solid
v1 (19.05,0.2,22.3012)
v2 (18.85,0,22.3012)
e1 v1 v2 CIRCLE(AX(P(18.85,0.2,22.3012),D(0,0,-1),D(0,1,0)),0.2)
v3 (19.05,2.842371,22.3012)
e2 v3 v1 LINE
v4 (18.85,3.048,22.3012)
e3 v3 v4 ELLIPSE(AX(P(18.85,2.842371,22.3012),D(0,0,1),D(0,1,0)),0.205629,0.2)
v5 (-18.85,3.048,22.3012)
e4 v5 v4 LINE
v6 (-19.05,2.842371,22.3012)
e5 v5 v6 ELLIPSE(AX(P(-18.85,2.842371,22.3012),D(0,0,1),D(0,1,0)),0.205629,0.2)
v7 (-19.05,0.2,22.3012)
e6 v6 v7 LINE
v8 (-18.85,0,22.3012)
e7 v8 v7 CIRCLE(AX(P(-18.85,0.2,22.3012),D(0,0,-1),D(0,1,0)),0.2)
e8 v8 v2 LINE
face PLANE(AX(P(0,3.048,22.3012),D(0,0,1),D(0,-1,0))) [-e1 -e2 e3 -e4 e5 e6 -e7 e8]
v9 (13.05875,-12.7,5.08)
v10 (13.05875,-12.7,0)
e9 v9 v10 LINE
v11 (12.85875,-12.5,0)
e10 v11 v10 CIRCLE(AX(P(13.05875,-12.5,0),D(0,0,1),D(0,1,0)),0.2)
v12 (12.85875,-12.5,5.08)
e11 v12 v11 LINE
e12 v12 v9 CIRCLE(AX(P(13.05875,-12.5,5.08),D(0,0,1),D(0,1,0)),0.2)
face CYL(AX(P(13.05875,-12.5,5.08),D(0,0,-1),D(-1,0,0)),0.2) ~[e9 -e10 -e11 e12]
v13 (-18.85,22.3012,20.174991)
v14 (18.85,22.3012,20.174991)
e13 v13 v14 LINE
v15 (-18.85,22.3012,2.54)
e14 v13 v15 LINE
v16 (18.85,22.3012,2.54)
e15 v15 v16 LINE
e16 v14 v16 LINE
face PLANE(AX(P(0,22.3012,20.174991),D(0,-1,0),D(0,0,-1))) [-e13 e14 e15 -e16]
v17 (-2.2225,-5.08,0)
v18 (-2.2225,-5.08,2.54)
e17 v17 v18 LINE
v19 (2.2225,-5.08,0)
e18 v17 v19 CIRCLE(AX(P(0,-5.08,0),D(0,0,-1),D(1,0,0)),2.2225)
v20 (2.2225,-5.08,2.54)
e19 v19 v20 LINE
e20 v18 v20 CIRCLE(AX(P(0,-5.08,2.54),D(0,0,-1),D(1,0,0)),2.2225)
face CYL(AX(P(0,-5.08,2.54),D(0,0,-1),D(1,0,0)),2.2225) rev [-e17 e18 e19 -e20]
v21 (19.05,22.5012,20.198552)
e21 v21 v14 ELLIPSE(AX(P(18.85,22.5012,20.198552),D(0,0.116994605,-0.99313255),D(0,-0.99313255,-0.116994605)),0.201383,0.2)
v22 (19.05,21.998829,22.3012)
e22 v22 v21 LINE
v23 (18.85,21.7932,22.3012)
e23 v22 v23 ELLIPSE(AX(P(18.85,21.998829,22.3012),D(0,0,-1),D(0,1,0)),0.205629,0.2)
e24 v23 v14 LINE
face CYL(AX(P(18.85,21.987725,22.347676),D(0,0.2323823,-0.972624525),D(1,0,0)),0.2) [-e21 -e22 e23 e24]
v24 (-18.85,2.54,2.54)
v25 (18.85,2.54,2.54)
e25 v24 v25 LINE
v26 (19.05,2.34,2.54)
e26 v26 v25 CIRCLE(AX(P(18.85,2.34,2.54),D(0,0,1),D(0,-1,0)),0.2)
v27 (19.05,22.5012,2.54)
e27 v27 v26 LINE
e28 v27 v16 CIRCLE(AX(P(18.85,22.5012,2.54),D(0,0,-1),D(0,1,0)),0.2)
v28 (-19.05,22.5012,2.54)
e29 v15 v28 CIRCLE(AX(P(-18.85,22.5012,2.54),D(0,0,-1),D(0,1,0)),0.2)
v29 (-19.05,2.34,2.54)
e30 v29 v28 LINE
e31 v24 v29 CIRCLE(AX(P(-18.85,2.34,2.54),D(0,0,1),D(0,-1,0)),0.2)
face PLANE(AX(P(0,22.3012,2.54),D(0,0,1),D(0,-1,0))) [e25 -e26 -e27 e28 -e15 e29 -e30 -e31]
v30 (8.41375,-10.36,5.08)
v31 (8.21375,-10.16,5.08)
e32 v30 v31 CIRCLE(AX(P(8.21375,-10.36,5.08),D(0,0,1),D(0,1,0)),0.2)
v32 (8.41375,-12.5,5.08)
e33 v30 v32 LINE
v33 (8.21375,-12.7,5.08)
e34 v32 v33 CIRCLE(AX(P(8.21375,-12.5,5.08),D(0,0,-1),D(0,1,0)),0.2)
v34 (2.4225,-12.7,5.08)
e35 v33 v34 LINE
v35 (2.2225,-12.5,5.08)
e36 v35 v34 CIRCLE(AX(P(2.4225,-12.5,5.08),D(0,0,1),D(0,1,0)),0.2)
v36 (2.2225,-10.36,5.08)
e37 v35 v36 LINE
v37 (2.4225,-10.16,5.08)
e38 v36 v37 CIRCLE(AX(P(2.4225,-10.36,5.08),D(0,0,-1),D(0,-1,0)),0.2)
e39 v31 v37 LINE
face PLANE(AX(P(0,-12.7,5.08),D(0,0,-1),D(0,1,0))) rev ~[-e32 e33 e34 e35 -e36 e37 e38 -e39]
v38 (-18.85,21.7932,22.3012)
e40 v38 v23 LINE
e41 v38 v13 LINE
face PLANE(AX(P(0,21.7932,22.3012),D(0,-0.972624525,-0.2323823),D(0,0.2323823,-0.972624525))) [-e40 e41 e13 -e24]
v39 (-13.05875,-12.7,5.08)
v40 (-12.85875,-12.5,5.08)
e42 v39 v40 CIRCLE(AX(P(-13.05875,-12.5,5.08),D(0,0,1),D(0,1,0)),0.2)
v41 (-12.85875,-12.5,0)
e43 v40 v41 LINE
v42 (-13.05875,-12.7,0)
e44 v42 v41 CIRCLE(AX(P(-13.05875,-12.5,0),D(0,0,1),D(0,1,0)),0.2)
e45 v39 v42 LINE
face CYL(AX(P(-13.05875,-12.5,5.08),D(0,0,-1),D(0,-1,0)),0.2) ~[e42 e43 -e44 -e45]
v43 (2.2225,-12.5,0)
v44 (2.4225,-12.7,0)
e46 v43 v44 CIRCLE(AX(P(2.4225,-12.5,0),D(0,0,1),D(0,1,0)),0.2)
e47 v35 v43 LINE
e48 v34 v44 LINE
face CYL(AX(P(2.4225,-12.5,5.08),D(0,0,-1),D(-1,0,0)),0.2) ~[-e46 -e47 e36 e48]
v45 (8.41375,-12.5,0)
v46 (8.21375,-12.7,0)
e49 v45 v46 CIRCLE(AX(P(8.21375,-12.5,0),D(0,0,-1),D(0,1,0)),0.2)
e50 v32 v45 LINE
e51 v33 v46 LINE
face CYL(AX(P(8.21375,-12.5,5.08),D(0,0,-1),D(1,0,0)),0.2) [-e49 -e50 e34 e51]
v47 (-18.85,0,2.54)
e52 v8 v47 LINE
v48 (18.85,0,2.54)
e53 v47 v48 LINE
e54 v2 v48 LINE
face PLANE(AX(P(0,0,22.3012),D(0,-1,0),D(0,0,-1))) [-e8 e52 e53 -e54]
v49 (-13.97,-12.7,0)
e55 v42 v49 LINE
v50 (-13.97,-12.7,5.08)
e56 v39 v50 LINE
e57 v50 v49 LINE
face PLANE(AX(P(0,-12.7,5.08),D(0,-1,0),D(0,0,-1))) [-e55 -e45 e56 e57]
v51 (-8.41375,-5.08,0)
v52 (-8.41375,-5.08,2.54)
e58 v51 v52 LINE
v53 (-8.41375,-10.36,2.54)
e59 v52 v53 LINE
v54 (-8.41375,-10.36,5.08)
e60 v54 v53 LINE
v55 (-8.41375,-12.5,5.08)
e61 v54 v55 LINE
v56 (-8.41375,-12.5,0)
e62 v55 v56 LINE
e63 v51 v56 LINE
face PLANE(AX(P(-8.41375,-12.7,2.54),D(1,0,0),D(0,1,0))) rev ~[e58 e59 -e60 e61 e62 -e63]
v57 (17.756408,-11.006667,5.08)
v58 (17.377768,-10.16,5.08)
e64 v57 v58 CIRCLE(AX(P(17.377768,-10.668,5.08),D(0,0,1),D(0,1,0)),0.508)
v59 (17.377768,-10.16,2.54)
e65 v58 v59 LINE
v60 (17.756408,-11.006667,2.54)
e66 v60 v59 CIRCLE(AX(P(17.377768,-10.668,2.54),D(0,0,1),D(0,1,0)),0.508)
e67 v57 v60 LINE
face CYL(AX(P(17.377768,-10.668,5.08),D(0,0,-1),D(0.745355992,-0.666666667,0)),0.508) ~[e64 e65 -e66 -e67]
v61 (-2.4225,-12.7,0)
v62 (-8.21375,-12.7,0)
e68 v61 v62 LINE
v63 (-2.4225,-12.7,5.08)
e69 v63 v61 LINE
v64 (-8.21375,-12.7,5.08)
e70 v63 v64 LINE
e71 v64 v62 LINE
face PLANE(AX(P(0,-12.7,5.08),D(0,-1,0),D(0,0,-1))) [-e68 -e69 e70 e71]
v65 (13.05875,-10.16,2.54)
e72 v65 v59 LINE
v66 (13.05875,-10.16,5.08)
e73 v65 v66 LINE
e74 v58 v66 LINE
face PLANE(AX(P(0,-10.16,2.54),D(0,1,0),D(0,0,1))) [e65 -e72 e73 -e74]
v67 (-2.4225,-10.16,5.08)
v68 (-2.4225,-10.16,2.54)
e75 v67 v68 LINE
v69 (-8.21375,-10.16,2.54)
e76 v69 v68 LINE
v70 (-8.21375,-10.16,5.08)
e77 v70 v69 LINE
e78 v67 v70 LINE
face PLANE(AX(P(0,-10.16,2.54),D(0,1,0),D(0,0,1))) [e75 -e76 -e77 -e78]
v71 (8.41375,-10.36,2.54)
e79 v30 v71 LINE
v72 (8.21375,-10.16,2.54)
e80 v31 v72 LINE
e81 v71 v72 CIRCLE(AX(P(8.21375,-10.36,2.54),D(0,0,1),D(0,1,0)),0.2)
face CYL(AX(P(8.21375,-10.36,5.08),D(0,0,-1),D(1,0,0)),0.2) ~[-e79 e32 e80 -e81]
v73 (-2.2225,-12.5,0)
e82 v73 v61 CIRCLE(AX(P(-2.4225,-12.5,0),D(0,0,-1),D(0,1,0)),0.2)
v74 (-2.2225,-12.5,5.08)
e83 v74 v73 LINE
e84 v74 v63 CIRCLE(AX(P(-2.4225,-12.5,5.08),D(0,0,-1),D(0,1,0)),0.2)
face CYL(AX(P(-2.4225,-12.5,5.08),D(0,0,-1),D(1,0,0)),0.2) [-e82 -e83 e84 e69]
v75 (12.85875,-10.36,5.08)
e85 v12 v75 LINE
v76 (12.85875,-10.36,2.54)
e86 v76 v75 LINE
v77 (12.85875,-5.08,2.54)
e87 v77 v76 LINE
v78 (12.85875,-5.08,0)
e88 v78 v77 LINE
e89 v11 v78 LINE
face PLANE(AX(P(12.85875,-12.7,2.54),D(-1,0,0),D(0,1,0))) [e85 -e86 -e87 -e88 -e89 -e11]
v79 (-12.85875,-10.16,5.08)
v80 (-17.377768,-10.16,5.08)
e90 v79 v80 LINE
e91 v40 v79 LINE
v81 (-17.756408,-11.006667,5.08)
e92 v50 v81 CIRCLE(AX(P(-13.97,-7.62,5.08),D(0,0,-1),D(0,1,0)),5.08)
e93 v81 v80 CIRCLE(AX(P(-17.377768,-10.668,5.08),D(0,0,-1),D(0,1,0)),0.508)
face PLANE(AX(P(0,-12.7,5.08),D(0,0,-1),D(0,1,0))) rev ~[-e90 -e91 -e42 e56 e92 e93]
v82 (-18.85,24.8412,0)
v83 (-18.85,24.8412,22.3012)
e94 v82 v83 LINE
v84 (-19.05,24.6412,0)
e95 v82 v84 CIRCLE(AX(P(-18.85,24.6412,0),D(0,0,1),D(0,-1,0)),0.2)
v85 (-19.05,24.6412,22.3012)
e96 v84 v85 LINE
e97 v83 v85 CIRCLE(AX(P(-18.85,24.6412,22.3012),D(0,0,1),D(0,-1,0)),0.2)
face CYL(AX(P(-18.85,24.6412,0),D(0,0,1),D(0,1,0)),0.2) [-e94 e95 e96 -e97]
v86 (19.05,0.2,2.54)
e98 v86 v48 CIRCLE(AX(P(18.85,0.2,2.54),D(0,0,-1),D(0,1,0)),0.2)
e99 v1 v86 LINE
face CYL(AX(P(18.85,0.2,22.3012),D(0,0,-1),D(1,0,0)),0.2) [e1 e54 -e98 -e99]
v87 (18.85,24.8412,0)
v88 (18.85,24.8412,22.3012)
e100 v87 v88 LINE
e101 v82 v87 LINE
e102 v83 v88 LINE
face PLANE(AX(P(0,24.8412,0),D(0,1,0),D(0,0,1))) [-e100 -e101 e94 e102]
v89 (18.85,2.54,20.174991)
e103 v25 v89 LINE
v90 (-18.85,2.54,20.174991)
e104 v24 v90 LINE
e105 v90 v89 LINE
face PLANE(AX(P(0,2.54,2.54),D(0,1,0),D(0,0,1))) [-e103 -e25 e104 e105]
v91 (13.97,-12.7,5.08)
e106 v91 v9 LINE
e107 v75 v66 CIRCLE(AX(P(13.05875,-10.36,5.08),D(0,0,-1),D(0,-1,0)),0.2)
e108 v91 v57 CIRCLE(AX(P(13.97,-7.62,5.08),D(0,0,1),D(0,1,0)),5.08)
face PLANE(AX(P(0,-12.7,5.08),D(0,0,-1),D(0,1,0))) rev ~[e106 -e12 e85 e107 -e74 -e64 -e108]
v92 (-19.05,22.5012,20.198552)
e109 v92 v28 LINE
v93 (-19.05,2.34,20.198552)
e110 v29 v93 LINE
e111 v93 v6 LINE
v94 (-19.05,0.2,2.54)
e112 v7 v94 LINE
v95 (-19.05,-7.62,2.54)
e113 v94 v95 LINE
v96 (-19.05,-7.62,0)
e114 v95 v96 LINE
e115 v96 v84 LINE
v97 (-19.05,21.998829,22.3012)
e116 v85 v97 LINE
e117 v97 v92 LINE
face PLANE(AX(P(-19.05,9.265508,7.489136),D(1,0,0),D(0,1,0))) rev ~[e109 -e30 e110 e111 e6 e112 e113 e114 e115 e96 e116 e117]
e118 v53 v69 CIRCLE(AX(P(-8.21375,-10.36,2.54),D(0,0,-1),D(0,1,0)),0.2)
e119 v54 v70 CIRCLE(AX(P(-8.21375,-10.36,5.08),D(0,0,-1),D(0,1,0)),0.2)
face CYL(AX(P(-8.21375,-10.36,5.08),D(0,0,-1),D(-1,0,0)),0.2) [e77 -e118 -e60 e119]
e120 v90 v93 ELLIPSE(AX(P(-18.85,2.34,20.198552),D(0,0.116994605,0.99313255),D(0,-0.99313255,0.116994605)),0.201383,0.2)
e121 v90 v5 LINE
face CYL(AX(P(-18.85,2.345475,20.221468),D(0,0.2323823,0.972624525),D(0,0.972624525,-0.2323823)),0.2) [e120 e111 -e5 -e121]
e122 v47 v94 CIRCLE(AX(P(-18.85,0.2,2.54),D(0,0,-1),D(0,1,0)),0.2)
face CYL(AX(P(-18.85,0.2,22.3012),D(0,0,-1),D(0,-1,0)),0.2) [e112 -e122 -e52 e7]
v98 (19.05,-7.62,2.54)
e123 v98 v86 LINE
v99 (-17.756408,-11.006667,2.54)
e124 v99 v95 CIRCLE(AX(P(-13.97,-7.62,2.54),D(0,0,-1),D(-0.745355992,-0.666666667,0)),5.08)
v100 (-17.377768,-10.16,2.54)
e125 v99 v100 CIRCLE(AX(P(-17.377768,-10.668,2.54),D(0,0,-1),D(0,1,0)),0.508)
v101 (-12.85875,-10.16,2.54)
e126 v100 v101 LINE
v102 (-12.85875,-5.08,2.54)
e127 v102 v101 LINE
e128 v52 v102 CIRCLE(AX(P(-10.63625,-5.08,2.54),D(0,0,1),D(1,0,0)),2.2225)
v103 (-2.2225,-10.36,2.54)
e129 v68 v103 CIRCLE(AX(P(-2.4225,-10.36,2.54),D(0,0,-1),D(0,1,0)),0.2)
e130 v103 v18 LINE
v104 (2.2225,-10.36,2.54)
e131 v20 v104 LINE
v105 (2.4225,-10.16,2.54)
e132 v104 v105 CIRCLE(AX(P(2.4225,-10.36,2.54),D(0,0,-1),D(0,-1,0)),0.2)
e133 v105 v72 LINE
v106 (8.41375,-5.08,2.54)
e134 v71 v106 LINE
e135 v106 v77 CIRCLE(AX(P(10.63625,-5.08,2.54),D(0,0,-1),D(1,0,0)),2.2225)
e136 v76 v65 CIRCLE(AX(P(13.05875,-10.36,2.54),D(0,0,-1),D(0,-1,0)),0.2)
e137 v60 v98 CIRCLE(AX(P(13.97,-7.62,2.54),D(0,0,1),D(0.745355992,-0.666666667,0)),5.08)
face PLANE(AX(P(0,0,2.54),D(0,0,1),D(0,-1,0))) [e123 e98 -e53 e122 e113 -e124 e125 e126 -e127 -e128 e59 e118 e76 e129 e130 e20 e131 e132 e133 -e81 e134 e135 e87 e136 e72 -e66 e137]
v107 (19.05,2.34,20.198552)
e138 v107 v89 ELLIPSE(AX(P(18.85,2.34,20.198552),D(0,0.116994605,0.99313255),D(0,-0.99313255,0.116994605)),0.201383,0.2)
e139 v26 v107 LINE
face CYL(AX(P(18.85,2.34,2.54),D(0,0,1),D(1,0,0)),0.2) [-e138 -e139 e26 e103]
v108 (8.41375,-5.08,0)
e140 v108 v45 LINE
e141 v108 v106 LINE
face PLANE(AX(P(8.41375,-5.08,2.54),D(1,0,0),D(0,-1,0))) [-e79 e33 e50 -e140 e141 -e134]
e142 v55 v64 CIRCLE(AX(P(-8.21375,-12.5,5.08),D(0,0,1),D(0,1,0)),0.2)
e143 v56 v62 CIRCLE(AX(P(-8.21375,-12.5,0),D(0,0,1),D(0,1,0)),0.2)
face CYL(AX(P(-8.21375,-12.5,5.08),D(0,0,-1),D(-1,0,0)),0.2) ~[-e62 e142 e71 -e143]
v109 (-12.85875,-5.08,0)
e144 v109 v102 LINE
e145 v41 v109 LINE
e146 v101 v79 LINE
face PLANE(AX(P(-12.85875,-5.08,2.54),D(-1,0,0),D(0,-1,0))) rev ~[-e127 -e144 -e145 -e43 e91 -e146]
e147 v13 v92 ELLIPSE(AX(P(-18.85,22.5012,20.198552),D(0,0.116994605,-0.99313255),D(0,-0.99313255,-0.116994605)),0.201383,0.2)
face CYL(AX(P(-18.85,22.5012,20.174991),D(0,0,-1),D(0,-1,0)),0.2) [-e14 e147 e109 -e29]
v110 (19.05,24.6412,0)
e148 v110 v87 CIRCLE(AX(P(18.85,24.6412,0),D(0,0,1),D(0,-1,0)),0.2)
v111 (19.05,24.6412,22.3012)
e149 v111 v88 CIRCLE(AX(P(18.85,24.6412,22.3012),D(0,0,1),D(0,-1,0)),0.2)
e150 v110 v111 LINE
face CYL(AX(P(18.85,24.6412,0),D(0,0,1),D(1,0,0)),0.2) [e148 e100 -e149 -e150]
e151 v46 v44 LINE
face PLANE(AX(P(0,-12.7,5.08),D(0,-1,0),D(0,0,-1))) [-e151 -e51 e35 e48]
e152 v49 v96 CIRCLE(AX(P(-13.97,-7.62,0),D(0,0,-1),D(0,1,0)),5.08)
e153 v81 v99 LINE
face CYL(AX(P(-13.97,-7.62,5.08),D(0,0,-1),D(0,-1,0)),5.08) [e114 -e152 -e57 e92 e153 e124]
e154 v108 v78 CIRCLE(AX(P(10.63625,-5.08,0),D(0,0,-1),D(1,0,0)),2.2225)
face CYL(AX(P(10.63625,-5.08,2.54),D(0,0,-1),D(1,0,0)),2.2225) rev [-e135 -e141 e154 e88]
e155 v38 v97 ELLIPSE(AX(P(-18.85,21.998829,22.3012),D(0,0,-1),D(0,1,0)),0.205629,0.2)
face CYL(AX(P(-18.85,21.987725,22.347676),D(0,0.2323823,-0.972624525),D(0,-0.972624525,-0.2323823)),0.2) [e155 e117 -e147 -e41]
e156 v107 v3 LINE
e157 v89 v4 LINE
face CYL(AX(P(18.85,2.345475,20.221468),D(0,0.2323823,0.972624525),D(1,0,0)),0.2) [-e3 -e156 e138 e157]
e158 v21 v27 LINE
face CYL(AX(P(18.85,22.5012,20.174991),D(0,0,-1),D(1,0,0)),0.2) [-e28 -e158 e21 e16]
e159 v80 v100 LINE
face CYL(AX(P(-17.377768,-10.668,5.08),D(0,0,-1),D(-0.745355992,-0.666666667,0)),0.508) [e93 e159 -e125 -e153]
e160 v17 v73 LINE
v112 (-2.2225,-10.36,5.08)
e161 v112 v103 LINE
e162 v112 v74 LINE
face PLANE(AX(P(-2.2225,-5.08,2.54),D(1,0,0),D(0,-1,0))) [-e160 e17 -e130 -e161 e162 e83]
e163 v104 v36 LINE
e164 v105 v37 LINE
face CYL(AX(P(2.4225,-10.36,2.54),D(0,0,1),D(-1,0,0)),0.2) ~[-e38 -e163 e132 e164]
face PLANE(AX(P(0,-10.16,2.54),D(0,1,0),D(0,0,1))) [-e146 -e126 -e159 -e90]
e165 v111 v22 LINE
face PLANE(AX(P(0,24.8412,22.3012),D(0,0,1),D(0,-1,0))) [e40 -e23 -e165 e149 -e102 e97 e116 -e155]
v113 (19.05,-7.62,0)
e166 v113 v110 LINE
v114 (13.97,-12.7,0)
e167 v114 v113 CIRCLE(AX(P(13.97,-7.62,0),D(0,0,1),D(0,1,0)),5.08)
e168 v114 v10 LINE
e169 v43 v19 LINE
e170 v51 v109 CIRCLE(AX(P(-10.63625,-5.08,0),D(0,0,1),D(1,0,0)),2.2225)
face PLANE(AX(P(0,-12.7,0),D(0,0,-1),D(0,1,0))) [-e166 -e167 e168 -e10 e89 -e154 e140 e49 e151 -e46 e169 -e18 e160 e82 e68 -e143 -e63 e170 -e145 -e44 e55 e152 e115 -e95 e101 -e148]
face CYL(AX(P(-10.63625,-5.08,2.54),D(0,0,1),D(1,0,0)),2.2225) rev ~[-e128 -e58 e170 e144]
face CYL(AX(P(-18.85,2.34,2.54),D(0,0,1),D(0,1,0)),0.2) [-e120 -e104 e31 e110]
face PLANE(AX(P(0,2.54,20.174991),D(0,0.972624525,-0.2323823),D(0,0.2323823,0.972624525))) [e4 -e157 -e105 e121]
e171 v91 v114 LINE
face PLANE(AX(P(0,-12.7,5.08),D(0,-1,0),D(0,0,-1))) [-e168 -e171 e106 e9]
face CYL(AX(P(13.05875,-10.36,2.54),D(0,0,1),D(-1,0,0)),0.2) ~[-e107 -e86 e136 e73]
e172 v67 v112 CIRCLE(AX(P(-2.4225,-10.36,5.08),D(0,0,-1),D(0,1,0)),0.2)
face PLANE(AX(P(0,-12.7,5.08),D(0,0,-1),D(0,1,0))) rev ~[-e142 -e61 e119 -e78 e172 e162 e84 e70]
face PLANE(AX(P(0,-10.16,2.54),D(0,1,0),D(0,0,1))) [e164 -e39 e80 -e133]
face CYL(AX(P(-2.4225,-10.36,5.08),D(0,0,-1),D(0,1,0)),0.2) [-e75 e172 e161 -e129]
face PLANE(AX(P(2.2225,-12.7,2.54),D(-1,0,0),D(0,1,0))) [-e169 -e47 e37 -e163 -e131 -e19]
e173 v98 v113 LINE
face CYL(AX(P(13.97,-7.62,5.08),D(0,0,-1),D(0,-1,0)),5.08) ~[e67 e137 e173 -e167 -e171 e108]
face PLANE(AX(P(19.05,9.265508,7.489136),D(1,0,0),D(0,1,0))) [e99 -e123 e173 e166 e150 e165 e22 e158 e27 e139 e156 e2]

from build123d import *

# Parameters (mm, degrees)
F0_W     = 2.54
F0_H     = 2.54
F1_DEPTH = 19.05
F3_DEPTH = 12.7
F4_R     = 5.08
F5_R     = 0.508
F6_R     = 0.2


with BuildPart() as f1:
    # F0 (on Right) → F1 (new body, symmetric)
    with BuildSketch(Plane.YZ):
        Polygon((-12.7, 0), (0, 0), (2.54, 0), (24.8412, 0), (24.8412, 2.54), (24.8412, 22.3012), (22.3012, 22.3012), (21.7932, 22.3012), (22.3012, 20.1749913394), (22.3012, 2.54), (2.54, 2.54), (2.54, 20.1749913394), (2.54, 22.3012), (0, 22.3012), (0, 2.54), (-10.16, 2.54), (-12.7, 2.54), align=None)
        with Locations((-11.43, 3.81)):
            Rectangle(F0_W, F0_H)
        Polygon((3.048, 22.3012), (2.54, 22.3012), (2.54, 20.1749913394), align=None)
    extrude(amount=F1_DEPTH, both=True)

    # F2 (on face) → F3 (cut, symmetric)
    with BuildSketch(Plane.XY.offset(2.54)):
        with BuildLine():
            Line((2.2225, -12.7), (2.2225, -5.08))
            ThreePointArc((2.2225, -5.08), (0, -2.8575), (-2.2225, -5.08))
            Line((-2.2225, -5.08), (-2.2225, -12.7))
            Line((-2.2225, -12.7), (2.2225, -12.7))
        make_face()
        with BuildLine():
            Line((12.85875, -12.7), (12.85875, -5.08))
            ThreePointArc((12.85875, -5.08), (10.63625, -2.8575), (8.41375, -5.08))
            Line((8.41375, -5.08), (8.41375, -12.7))
            Line((8.41375, -12.7), (12.85875, -12.7))
        make_face()
        with BuildLine():
            Line((-8.41375, -12.7), (-8.41375, -5.08))
            ThreePointArc((-8.41375, -5.08), (-10.63625, -2.8575), (-12.85875, -5.08))
            Line((-12.85875, -5.08), (-12.85875, -12.7))
            Line((-12.85875, -12.7), (-8.41375, -12.7))
        make_face()
    extrude(amount=F3_DEPTH, both=True, mode=Mode.SUBTRACT)

    # F4
    f4_edges = [f1.edges().sort_by_distance(p)[0] for p in [
        (19.05, -12.7, 2.54),
        (-19.05, -12.7, 2.54),
    ]]
    fillet(f4_edges, radius=F4_R)

    # F5
    f5_edges = [f1.edges().sort_by_distance(p)[0] for p in [
        (-18.369409, -10.16, 3.81),
        (18.369409, -10.16, 3.81),
    ]]
    fillet(f5_edges, radius=F5_R)

    # F6
    f6_edges = [f1.edges().sort_by_distance(p)[0] for p in [
        (-12.85875, -12.7, 2.54),
        (-8.41375, -12.7, 2.54),
        (-2.2225, -12.7, 2.54),
        (2.2225, -12.7, 2.54),
        (8.41375, -12.7, 2.54),
        (12.85875, -12.7, 2.54),
        (12.85875, -10.16, 3.81),
        (8.41375, -10.16, 3.81),
        (2.2225, -10.16, 3.81),
        (-2.2225, -10.16, 3.81),
        (-8.41375, -10.16, 3.81),
        (19.05, 0, 12.4206),
        (19.05, 2.54, 11.357496),
        (19.05, 2.794, 21.238096),
        (19.05, 22.3012, 11.357496),
        (19.05, 24.8412, 11.1506),
        (19.05, 22.0472, 21.238096),
        (-19.05, 0, 12.4206),
        (-19.05, 2.54, 11.357496),
        (-19.05, 22.3012, 11.357496),
        (-19.05, 24.8412, 11.1506),
        (-19.05, 22.0472, 21.238096),
        (-19.05, 2.794, 21.238096),
    ]]
    fillet(f6_edges, radius=F6_R)


solid = f1.part
